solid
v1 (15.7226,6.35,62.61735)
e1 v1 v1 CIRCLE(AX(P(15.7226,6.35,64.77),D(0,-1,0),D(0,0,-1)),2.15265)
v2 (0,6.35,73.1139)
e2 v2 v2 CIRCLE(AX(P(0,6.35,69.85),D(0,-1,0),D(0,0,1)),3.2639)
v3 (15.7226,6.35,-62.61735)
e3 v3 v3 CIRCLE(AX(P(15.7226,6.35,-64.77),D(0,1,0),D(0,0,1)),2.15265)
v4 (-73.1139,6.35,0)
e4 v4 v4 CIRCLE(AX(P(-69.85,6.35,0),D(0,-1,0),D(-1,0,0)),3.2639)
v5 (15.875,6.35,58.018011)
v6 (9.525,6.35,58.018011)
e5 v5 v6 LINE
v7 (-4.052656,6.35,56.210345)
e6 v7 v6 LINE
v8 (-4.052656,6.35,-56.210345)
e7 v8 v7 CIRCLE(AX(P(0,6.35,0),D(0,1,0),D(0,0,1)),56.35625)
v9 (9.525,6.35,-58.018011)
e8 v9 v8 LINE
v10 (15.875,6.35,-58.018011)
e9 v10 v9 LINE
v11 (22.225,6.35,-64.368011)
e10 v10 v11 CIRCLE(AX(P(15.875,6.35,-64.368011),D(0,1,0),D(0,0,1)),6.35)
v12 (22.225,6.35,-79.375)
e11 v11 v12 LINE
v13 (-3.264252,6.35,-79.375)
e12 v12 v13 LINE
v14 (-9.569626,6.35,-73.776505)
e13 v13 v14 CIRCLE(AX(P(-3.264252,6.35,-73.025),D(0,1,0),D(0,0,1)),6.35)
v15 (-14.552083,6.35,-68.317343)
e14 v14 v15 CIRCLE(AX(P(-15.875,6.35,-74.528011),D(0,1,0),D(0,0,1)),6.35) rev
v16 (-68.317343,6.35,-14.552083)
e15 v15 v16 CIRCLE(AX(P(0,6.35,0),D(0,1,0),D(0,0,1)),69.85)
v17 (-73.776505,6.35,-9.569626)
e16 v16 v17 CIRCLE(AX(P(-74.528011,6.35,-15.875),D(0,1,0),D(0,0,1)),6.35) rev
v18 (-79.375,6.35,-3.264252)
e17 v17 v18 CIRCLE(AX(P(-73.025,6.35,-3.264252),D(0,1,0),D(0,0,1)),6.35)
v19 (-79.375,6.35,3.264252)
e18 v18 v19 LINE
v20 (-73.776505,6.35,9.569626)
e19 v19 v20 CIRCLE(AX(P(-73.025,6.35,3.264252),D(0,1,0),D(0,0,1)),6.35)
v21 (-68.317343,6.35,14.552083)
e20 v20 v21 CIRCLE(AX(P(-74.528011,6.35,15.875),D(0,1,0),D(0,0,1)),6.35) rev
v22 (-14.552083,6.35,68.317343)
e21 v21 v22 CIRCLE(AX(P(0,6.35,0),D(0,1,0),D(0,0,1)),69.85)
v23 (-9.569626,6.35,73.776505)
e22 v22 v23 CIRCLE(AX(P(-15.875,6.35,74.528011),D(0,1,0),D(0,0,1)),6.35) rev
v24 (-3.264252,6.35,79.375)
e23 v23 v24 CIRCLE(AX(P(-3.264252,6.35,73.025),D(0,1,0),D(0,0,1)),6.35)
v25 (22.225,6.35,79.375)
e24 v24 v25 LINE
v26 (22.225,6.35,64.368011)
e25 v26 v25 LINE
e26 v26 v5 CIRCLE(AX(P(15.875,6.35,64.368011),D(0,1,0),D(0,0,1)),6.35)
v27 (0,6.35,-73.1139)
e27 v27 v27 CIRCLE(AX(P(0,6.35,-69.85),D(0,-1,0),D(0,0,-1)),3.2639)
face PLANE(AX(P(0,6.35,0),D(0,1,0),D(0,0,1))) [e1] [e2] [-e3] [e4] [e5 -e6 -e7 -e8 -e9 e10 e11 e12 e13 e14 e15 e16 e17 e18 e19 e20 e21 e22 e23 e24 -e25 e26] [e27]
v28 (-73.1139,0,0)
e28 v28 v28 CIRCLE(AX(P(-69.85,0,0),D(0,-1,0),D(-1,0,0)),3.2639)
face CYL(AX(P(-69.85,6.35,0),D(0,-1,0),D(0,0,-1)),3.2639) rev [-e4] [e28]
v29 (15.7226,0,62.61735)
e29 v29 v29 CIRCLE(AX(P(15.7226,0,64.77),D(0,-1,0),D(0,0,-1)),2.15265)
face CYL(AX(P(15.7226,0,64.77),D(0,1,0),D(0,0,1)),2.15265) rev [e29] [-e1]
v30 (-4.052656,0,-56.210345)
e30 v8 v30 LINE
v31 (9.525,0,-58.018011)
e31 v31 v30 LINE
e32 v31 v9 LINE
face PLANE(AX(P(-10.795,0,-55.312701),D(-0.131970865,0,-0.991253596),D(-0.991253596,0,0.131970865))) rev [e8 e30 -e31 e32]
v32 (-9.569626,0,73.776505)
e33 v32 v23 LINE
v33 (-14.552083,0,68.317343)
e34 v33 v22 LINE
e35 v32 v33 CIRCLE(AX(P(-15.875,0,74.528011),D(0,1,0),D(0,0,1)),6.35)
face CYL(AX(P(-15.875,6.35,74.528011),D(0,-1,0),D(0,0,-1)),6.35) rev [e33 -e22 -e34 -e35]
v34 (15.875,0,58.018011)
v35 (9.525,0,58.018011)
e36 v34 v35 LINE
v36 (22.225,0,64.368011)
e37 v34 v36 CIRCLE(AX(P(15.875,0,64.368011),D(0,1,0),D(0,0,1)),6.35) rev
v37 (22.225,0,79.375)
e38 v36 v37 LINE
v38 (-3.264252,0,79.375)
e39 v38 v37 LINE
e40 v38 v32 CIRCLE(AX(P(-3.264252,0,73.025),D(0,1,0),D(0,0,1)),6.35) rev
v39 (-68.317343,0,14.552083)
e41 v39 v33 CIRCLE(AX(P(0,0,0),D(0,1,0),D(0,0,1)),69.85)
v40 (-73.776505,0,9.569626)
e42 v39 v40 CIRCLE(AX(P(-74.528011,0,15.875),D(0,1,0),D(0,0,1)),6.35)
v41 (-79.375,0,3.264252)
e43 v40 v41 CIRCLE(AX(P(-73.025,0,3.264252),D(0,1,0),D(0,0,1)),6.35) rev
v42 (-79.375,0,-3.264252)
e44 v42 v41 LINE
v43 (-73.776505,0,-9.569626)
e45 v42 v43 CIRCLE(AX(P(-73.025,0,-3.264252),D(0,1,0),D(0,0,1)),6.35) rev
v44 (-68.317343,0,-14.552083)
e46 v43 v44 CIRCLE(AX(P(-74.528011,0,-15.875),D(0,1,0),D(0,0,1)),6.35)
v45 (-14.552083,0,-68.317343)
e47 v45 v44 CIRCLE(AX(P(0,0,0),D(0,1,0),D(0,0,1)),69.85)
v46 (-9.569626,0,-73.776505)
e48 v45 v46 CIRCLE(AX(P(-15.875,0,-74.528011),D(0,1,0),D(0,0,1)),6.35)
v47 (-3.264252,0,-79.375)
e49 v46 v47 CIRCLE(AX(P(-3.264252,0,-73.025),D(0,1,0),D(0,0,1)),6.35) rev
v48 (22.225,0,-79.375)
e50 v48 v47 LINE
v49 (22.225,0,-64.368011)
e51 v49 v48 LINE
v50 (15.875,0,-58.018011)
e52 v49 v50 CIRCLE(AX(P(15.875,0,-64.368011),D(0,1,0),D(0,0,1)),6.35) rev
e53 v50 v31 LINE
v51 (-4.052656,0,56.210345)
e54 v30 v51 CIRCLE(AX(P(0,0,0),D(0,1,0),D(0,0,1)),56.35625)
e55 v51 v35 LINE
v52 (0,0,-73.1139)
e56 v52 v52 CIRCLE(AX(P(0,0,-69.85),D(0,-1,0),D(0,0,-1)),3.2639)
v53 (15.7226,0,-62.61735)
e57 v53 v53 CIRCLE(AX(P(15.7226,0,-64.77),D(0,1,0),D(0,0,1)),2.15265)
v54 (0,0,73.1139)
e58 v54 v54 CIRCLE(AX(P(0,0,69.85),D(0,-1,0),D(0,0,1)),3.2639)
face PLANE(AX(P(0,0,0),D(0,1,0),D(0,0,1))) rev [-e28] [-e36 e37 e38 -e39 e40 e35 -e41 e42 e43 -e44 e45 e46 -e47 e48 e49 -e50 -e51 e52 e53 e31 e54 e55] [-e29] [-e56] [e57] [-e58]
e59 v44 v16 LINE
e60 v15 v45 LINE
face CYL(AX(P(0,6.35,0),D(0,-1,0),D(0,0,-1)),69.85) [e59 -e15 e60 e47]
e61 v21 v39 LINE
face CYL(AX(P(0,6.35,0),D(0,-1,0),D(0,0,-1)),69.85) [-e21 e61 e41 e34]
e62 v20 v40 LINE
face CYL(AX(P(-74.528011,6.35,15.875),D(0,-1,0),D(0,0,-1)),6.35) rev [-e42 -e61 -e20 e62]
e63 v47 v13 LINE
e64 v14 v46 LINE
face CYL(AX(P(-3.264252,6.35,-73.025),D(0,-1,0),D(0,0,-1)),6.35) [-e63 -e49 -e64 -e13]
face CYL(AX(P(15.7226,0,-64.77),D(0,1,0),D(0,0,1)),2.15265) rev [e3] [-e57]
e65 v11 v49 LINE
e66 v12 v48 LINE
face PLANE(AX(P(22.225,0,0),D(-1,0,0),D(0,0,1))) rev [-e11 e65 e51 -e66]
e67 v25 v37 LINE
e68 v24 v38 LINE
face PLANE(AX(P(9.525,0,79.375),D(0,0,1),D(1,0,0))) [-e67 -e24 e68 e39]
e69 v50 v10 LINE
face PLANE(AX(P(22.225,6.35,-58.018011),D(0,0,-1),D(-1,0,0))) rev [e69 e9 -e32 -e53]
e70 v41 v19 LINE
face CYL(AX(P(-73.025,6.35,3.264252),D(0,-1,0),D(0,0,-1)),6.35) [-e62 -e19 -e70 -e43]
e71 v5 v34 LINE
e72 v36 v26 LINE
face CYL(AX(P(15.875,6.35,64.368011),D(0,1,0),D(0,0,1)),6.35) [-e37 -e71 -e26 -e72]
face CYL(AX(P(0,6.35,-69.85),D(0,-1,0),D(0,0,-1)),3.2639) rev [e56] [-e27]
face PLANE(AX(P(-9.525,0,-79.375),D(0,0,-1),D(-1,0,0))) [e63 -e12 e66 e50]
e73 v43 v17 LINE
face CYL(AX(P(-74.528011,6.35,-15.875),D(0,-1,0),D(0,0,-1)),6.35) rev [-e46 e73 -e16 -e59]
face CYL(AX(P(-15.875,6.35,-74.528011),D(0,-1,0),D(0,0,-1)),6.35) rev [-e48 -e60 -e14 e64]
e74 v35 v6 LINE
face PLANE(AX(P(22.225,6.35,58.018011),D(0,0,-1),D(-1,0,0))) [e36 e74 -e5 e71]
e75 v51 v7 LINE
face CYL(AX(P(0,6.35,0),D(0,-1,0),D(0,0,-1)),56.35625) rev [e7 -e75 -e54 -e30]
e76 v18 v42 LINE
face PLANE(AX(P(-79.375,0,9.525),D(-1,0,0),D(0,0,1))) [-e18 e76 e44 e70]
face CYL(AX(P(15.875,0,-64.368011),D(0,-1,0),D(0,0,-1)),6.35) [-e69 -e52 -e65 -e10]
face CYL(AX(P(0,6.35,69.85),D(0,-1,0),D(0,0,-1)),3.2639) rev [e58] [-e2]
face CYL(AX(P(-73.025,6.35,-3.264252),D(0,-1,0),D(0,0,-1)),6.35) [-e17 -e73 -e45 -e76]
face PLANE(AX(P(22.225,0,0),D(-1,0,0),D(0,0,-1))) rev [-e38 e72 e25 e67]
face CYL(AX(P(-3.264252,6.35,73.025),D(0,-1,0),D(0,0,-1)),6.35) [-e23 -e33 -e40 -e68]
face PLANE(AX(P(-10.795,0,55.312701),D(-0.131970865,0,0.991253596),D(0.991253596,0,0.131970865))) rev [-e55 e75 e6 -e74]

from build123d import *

# Parameters (mm, degrees)
SKETCH1_R                = 69.85
SKETCH1_R_2              = 56.35625
BOSS_EXTRUDE1_DEPTH      = 6.35
SKETCH5_W                = 19.05
SKETCH5_H                = 15.875
BOSS_EXTRUDE2_DEPTH      = 6.35
FILLET1_R                = 6.35
CIRPATTERN2_COUNT        = 3
CIRPATTERN2_ANGLE        = 180
FILLET1_OF_CIRPATTERN2_R = 6.35
SKETCH11_R               = 3.2639
CUT_EXTRUDE2_DEPTH       = 113.432663181
CIRPATTERN3_COUNT        = 3
CIRPATTERN3_ANGLE        = 180
CUT_EXTRUDE4_DEPTH       = 113.432663181
FILLET8_R                = 6.35
SKETCH22_W               = 21.356989326
SKETCH22_H               = 6.35
BOSS_EXTRUDE3_DEPTH      = 12.7
SKETCH23_R               = 2.15265
CUT_EXTRUDE5_DEPTH       = 113.432663328
FILLET11_R               = 6.35


with BuildPart() as part:
    # Sketch1 → Boss-Extrude1 (new body)
    with BuildSketch(Plane(origin=(0, 0, 0), x_dir=(1, 0, 0), z_dir=(0, 1, 0))):
        with Locations(Location((0, 0, 0), (0, 0, 270))):
            Circle(SKETCH1_R)
        with Locations(Location((0, 0, 0), (0, 0, 270))):
            Circle(SKETCH1_R_2, mode=Mode.SUBTRACT)
    extrude(amount=BOSS_EXTRUDE1_DEPTH)

    # Sketch5 → Boss-Extrude2 (add)
    with BuildSketch(Plane(origin=(0, 6.35, 0), x_dir=(1, 0, 0), z_dir=(0, 1, 0))):
        with Locations((0, 71.4375)):
            Rectangle(SKETCH5_W, SKETCH5_H)
    boss_extrude2 = extrude(amount=-BOSS_EXTRUDE2_DEPTH)

    # Fillet1
    fillet1_edges = [part.edges().sort_by_distance(p)[0] for p in [
        (9.525, 3.175, -69.197520729),
        (-9.525, 3.175, -69.197520729),
    ]]
    fillet(fillet1_edges, radius=FILLET1_R)

    # CirPattern2: Boss-Extrude2 ×3 about axis
    cirpattern2_axis = Axis((0, 0, 0), (0, 1, 0))
    for i in range(1, CIRPATTERN2_COUNT):
        add(boss_extrude2.rotate(cirpattern2_axis, i * CIRPATTERN2_ANGLE / (CIRPATTERN2_COUNT - 1)))

    # Fillet1 of CirPattern2
    fillet1_of_cirpattern2_edges = [part.edges().sort_by_distance(p)[0] for p in [
        (-69.197520729, 3.175, -9.525),
        (-69.197520729, 3.175, 9.525),
        (-9.525, 3.175, 69.197520729),
        (9.525, 3.175, 69.197520729),
    ]]
    fillet(fillet1_of_cirpattern2_edges, radius=FILLET1_OF_CIRPATTERN2_R)

    # Sketch11 → Cut-Extrude2 (cut, through all)
    with BuildSketch(Plane.XZ):
        with Locations(Location((0, -69.85, 0), (0, 0, 270))):
            Circle(SKETCH11_R)
    cut_extrude2 = extrude(amount=-CUT_EXTRUDE2_DEPTH, mode=Mode.SUBTRACT)

    # CirPattern3: Cut-Extrude2 ×3 about axis
    cirpattern3_axis = Axis((0, 0, 0), (0, 1, 0))
    for i in range(1, CIRPATTERN3_COUNT):
        add(cut_extrude2.rotate(cirpattern3_axis, i * CIRPATTERN3_ANGLE / (CIRPATTERN3_COUNT - 1)), mode=Mode.SUBTRACT)

    # Sketch14 → Cut-Extrude4 (cut, through all)
    with BuildSketch(Plane(origin=(0, 6.35, 0), x_dir=(1, 0, 0), z_dir=(0, 1, 0))):
        Polygon((76.141203704, 74.528010674), (76.141203704, -74.528010674), (9.525, -74.528010674), (9.525, -58.018010674), (-10.795, -55.312700974), (-10.795, 55.312700974), (9.525, 58.018010674), (9.525, 74.528010674), align=None)
    extrude(amount=-CUT_EXTRUDE4_DEPTH, mode=Mode.SUBTRACT)

    # Fillet8
    fillet8_edges = [part.edges().sort_by_distance(p)[0] for p in [
        (-9.525, 3.175, 79.375),
        (-79.375, 3.175, 9.525),
        (-79.375, 3.175, -9.525),
        (-9.525, 3.175, -79.375),
    ]]
    fillet(fillet8_edges, radius=FILLET8_R)

    # Sketch22 → Boss-Extrude3 (add)
    with BuildSketch(Plane(origin=(9.525, 0, 0), x_dir=(0, 0, -1), z_dir=(1, 0, 0))):
        with Locations((68.696505337, 3.175)):
            Rectangle(SKETCH22_W, SKETCH22_H)
    boss_extrude3 = extrude(amount=BOSS_EXTRUDE3_DEPTH)

    # Sketch23 → Cut-Extrude5 (cut, through all)
    with BuildSketch(Plane(origin=(0, 6.35, 0), x_dir=(1, 0, 0), z_dir=(0, 1, 0))):
        with Locations(Location((15.7226, 64.77, 0), (0, 0, 270))):
            Circle(SKETCH23_R)
    cut_extrude5 = extrude(amount=-CUT_EXTRUDE5_DEPTH, mode=Mode.SUBTRACT)

    # Mirror1: Boss-Extrude3, Cut-Extrude5 across plane
    add(boss_extrude3.mirror(Plane.XY))
    add(cut_extrude5.mirror(Plane.XY), mode=Mode.SUBTRACT)

    # Fillet11
    fillet11_edges = [part.edges().sort_by_distance(p)[0] for p in [
        (22.225, 3.175, -58.018010674),
        (22.225, 3.175, 58.018010674),
    ]]
    fillet(fillet11_edges, radius=FILLET11_R)


solid = part.part
